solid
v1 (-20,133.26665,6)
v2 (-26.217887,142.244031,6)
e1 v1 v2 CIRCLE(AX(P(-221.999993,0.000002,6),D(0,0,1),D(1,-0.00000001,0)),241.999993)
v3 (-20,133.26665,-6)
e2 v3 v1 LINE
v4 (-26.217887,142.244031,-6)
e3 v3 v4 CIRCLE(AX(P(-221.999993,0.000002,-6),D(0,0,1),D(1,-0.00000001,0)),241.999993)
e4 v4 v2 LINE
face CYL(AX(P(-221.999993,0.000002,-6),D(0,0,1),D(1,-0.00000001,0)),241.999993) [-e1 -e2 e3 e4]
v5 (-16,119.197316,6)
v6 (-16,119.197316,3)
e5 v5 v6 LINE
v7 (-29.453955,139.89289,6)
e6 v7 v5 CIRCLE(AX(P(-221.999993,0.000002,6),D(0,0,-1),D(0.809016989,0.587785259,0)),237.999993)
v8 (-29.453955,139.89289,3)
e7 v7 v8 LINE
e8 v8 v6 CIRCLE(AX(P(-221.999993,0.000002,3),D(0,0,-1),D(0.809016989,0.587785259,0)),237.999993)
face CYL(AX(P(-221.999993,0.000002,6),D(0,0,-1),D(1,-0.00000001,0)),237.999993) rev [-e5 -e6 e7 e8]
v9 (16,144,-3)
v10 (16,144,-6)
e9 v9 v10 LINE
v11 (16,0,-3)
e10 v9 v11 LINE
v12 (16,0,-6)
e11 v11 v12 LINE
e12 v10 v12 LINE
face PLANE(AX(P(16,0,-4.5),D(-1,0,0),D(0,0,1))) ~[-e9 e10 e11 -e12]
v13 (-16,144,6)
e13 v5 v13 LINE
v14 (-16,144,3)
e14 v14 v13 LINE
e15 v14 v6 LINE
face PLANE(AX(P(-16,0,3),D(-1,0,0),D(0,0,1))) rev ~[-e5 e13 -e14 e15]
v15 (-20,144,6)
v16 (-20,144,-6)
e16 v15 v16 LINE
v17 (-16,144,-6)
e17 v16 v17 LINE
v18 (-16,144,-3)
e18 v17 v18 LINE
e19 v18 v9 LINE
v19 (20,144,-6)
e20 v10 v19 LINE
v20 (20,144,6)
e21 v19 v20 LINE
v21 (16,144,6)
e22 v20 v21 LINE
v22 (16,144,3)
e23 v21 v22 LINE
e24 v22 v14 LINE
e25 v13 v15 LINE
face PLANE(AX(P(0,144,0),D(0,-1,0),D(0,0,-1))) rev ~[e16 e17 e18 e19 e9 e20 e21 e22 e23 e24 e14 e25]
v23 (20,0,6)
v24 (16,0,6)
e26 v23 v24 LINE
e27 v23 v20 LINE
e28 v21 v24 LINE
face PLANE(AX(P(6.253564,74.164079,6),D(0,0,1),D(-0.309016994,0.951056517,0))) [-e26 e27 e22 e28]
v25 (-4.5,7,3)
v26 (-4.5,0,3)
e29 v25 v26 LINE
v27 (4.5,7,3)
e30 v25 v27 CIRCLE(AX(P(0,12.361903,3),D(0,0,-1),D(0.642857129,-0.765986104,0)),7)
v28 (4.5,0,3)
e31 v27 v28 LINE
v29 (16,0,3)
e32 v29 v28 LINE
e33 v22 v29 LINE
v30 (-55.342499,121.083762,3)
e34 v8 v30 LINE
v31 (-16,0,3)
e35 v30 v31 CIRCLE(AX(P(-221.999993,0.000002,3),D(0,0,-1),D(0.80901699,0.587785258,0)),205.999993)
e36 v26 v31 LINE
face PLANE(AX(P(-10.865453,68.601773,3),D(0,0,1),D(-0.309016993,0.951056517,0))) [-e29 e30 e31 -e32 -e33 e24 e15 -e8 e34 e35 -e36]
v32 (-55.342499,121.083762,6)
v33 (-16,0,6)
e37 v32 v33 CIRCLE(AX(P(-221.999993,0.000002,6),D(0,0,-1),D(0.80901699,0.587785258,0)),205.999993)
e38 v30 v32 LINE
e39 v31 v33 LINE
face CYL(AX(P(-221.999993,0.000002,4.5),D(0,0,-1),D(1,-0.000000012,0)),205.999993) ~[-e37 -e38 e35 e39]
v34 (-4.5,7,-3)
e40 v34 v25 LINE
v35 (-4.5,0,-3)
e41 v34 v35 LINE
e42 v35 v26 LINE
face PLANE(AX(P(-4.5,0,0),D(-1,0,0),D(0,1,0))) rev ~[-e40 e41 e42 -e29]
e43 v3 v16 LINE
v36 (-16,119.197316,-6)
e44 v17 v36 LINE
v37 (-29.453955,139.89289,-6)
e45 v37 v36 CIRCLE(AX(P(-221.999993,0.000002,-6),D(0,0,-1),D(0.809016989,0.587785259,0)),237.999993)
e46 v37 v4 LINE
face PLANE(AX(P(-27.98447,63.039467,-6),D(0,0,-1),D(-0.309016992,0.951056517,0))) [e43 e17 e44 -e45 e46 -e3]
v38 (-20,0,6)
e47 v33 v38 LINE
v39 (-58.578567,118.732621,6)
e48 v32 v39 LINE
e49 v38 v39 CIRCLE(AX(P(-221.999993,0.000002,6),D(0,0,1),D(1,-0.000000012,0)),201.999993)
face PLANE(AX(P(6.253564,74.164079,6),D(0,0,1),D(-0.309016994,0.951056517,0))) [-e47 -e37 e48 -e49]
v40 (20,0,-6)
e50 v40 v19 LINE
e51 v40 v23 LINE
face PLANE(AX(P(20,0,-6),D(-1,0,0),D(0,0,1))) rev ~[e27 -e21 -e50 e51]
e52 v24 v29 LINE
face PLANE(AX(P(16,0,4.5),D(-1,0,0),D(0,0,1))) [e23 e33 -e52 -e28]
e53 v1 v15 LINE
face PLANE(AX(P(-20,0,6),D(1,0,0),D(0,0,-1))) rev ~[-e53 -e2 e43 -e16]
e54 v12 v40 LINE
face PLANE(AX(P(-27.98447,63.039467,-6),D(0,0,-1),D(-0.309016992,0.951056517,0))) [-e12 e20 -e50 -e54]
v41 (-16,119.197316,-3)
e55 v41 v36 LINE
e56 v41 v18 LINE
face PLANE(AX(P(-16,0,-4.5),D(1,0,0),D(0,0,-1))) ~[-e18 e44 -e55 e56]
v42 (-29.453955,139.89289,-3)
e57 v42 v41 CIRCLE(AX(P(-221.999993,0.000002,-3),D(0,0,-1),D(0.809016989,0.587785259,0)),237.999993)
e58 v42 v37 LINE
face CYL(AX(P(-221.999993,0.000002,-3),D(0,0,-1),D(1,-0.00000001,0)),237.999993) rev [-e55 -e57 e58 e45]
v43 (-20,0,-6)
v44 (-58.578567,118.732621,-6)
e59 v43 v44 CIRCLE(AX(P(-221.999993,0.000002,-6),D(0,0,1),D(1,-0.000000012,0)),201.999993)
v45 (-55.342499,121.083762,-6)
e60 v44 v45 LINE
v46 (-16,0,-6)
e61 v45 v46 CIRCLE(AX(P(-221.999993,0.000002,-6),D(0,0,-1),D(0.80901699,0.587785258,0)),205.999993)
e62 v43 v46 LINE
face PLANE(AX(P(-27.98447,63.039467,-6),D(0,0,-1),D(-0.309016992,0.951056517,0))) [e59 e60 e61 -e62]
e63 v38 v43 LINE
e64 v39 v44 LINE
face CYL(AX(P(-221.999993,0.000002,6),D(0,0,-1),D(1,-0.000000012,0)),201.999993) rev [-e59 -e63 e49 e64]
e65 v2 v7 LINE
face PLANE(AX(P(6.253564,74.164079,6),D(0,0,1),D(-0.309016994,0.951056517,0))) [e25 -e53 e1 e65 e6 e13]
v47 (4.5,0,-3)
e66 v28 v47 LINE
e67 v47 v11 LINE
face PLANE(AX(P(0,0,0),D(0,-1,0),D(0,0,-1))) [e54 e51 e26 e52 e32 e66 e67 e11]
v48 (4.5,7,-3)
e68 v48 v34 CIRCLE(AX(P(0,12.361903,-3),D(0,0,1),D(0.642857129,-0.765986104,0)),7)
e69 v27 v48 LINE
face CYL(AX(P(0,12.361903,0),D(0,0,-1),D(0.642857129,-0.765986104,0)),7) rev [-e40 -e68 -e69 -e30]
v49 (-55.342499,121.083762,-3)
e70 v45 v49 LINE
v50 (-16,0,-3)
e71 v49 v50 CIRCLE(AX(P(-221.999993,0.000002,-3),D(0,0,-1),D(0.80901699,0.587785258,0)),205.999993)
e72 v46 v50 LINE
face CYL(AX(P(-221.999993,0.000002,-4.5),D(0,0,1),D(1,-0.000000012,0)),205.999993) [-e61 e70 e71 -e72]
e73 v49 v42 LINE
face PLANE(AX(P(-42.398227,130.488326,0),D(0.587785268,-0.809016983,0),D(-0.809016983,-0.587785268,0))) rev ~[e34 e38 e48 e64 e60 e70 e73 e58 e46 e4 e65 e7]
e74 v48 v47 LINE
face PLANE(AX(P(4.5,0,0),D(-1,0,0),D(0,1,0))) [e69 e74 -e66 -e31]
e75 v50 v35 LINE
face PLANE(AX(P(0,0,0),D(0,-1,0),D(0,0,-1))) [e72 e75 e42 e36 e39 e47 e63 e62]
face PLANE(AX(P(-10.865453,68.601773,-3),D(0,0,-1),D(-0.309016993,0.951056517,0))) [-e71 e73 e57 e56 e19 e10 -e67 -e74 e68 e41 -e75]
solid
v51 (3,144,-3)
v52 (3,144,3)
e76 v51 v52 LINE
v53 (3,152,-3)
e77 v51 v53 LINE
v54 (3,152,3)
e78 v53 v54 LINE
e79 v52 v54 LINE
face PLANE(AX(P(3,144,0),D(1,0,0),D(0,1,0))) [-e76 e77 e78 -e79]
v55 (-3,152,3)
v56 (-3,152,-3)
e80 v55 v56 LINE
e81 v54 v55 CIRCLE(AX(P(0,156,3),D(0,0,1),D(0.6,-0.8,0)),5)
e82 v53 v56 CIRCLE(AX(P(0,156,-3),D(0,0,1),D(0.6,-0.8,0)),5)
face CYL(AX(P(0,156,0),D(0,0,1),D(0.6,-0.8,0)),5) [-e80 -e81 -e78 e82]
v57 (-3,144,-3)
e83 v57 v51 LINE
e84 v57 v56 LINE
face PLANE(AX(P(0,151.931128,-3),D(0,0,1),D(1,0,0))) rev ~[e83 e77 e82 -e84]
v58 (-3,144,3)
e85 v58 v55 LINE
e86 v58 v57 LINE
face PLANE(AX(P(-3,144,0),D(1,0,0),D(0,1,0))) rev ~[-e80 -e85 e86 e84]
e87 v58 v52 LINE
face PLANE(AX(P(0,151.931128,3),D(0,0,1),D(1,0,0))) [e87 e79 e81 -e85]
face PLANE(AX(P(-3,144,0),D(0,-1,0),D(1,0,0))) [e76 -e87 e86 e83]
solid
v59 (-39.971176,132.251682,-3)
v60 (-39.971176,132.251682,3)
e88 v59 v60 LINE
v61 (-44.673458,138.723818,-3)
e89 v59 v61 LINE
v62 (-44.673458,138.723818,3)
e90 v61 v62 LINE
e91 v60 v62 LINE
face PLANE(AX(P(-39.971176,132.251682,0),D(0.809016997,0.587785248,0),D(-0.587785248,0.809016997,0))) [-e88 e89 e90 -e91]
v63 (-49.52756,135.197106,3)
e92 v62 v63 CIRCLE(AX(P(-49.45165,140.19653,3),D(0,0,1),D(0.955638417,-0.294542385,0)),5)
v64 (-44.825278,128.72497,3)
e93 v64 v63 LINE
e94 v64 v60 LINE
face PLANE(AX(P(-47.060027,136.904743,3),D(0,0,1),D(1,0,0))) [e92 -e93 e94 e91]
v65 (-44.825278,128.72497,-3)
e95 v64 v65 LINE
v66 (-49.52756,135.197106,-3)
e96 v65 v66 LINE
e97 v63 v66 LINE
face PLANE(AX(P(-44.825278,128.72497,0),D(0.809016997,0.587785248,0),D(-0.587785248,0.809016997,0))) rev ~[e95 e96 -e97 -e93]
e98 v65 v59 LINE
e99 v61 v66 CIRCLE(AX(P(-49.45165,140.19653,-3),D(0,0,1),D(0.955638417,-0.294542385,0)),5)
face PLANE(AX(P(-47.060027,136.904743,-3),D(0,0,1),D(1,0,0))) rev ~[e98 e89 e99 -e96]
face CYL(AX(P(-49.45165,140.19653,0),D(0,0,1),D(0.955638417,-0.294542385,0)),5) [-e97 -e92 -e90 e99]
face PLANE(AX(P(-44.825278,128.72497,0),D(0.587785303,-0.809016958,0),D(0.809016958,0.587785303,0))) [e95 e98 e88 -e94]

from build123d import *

# Parameters (mm, degrees)
SKETCH013_W       = 32
SKETCH013_H       = 3
POCKET_DEPTH      = 6.001
POCKET_DEPTH_BACK = -6.001
PAD001_DEPTH      = 3
PAD002_DEPTH      = 3


with BuildPart() as body:
    # AdditivePipe: sweep along a path in Sketch002
    with BuildLine(Plane.XY) as additivepipe_path:
        ThreePointArc((0, 0), (-10.865453, 68.601773), (-42.398227, 130.488326))
    # Sketch → AdditivePipe (sweep)
    with BuildSketch(Plane.XZ):
        Polygon((-20, 6), (-20, -6), (-16, -6), (-16, -3), (-9, -3), (9, -3), (16, -3), (16, -6), (20, -6), (20, 6), (16, 6), (16, 3), (9, 3), (-9, 3), (-16, 3), (-16, 6), align=None)
    sweep(path=additivepipe_path.line)

    # AdditivePipe001: sweep along a path in Sketch001
    with BuildLine(Plane.XY) as additivepipe001_path:
        Line((0, 0), (0, 144))
    # Sketch → AdditivePipe001 (sweep)
    with BuildSketch(Plane.XZ):
        Polygon((-20, 6), (-20, -6), (-16, -6), (-16, -3), (-9, -3), (9, -3), (16, -3), (16, -6), (20, -6), (20, 6), (16, 6), (16, 3), (9, 3), (-9, 3), (-16, 3), (-16, 6), align=None)
    sweep(path=additivepipe001_path.line)

    # SubtractivePipe: sweep along a path in Sketch002
    with BuildLine(Plane.XY) as subtractivepipe_path:
        ThreePointArc((0, 0), (-10.865453, 68.601773), (-42.398227, 130.488326))
    # Sketch013 (on Face1 of AdditivePipe001) → SubtractivePipe (sweep, cut)
    with BuildSketch(Plane.XZ):
        with Locations((0, 4.5)):
            Rectangle(SKETCH013_W, SKETCH013_H)
    subtractivepipe = sweep(path=subtractivepipe_path.line, mode=Mode.SUBTRACT)

    # SubtractivePipe001: sweep along a path in Sketch001
    with BuildLine(Plane.XY) as subtractivepipe001_path:
        Line((0, 0), (0, 144))
    # Sketch013 (on Face1 of AdditivePipe001) → SubtractivePipe001 (sweep, cut)
    with BuildSketch(Plane.XZ):
        with Locations((0, 4.5)):
            Rectangle(SKETCH013_W, SKETCH013_H)
    subtractivepipe001 = sweep(path=subtractivepipe001_path.line, mode=Mode.SUBTRACT)

    # Mirrored: SubtractivePipe across XY
    add(subtractivepipe.mirror(Plane.XY), mode=Mode.SUBTRACT)

    # Mirrored001: SubtractivePipe001 across XY
    add(subtractivepipe001.mirror(Plane.XY), mode=Mode.SUBTRACT)

    # Sketch014 → Pocket (cut, two sides)
    with BuildSketch(Plane.XY) as pocket_sk:
        with BuildLine():
            Line((-4.5, 0), (4.5, 0))
            Line((4.5, 0), (4.5, 7))
            ThreePointArc((4.5, 7), (0, 19.361903), (-4.5, 7))
            Line((-4.5, 0), (-4.5, 7))
        make_face()
    extrude(amount=-POCKET_DEPTH, mode=Mode.SUBTRACT)
    extrude(pocket_sk.sketch, amount=-POCKET_DEPTH_BACK, mode=Mode.SUBTRACT)


with BuildPart() as body002:
    # Sketch011 → Pad001 (new body, symmetric)
    with BuildSketch(Plane.XY):
        with BuildLine():
            Line((-3, 144), (3, 144))
            Line((3, 144), (3, 152))
            ThreePointArc((3, 152), (0, 161), (-3, 152))
            Line((-3, 144), (-3, 152))
        make_face()
    extrude(amount=PAD001_DEPTH, both=True)


with BuildPart() as body003:
    # Sketch012 → Pad002 (new body, symmetric)
    with BuildSketch(Plane.XY):
        with BuildLine():
            Line((-44.825278, 128.72497), (-39.971176, 132.251682))
            Line((-39.971176, 132.251682), (-44.673458, 138.723818))
            ThreePointArc((-44.673458, 138.723818), (-52.390577, 144.241615), (-49.52756, 135.197106))
            Line((-44.825278, 128.72497), (-49.52756, 135.197106))
        make_face()
    extrude(amount=PAD002_DEPTH, both=True)


solid = Compound([body.part, body002.part, body003.part])
